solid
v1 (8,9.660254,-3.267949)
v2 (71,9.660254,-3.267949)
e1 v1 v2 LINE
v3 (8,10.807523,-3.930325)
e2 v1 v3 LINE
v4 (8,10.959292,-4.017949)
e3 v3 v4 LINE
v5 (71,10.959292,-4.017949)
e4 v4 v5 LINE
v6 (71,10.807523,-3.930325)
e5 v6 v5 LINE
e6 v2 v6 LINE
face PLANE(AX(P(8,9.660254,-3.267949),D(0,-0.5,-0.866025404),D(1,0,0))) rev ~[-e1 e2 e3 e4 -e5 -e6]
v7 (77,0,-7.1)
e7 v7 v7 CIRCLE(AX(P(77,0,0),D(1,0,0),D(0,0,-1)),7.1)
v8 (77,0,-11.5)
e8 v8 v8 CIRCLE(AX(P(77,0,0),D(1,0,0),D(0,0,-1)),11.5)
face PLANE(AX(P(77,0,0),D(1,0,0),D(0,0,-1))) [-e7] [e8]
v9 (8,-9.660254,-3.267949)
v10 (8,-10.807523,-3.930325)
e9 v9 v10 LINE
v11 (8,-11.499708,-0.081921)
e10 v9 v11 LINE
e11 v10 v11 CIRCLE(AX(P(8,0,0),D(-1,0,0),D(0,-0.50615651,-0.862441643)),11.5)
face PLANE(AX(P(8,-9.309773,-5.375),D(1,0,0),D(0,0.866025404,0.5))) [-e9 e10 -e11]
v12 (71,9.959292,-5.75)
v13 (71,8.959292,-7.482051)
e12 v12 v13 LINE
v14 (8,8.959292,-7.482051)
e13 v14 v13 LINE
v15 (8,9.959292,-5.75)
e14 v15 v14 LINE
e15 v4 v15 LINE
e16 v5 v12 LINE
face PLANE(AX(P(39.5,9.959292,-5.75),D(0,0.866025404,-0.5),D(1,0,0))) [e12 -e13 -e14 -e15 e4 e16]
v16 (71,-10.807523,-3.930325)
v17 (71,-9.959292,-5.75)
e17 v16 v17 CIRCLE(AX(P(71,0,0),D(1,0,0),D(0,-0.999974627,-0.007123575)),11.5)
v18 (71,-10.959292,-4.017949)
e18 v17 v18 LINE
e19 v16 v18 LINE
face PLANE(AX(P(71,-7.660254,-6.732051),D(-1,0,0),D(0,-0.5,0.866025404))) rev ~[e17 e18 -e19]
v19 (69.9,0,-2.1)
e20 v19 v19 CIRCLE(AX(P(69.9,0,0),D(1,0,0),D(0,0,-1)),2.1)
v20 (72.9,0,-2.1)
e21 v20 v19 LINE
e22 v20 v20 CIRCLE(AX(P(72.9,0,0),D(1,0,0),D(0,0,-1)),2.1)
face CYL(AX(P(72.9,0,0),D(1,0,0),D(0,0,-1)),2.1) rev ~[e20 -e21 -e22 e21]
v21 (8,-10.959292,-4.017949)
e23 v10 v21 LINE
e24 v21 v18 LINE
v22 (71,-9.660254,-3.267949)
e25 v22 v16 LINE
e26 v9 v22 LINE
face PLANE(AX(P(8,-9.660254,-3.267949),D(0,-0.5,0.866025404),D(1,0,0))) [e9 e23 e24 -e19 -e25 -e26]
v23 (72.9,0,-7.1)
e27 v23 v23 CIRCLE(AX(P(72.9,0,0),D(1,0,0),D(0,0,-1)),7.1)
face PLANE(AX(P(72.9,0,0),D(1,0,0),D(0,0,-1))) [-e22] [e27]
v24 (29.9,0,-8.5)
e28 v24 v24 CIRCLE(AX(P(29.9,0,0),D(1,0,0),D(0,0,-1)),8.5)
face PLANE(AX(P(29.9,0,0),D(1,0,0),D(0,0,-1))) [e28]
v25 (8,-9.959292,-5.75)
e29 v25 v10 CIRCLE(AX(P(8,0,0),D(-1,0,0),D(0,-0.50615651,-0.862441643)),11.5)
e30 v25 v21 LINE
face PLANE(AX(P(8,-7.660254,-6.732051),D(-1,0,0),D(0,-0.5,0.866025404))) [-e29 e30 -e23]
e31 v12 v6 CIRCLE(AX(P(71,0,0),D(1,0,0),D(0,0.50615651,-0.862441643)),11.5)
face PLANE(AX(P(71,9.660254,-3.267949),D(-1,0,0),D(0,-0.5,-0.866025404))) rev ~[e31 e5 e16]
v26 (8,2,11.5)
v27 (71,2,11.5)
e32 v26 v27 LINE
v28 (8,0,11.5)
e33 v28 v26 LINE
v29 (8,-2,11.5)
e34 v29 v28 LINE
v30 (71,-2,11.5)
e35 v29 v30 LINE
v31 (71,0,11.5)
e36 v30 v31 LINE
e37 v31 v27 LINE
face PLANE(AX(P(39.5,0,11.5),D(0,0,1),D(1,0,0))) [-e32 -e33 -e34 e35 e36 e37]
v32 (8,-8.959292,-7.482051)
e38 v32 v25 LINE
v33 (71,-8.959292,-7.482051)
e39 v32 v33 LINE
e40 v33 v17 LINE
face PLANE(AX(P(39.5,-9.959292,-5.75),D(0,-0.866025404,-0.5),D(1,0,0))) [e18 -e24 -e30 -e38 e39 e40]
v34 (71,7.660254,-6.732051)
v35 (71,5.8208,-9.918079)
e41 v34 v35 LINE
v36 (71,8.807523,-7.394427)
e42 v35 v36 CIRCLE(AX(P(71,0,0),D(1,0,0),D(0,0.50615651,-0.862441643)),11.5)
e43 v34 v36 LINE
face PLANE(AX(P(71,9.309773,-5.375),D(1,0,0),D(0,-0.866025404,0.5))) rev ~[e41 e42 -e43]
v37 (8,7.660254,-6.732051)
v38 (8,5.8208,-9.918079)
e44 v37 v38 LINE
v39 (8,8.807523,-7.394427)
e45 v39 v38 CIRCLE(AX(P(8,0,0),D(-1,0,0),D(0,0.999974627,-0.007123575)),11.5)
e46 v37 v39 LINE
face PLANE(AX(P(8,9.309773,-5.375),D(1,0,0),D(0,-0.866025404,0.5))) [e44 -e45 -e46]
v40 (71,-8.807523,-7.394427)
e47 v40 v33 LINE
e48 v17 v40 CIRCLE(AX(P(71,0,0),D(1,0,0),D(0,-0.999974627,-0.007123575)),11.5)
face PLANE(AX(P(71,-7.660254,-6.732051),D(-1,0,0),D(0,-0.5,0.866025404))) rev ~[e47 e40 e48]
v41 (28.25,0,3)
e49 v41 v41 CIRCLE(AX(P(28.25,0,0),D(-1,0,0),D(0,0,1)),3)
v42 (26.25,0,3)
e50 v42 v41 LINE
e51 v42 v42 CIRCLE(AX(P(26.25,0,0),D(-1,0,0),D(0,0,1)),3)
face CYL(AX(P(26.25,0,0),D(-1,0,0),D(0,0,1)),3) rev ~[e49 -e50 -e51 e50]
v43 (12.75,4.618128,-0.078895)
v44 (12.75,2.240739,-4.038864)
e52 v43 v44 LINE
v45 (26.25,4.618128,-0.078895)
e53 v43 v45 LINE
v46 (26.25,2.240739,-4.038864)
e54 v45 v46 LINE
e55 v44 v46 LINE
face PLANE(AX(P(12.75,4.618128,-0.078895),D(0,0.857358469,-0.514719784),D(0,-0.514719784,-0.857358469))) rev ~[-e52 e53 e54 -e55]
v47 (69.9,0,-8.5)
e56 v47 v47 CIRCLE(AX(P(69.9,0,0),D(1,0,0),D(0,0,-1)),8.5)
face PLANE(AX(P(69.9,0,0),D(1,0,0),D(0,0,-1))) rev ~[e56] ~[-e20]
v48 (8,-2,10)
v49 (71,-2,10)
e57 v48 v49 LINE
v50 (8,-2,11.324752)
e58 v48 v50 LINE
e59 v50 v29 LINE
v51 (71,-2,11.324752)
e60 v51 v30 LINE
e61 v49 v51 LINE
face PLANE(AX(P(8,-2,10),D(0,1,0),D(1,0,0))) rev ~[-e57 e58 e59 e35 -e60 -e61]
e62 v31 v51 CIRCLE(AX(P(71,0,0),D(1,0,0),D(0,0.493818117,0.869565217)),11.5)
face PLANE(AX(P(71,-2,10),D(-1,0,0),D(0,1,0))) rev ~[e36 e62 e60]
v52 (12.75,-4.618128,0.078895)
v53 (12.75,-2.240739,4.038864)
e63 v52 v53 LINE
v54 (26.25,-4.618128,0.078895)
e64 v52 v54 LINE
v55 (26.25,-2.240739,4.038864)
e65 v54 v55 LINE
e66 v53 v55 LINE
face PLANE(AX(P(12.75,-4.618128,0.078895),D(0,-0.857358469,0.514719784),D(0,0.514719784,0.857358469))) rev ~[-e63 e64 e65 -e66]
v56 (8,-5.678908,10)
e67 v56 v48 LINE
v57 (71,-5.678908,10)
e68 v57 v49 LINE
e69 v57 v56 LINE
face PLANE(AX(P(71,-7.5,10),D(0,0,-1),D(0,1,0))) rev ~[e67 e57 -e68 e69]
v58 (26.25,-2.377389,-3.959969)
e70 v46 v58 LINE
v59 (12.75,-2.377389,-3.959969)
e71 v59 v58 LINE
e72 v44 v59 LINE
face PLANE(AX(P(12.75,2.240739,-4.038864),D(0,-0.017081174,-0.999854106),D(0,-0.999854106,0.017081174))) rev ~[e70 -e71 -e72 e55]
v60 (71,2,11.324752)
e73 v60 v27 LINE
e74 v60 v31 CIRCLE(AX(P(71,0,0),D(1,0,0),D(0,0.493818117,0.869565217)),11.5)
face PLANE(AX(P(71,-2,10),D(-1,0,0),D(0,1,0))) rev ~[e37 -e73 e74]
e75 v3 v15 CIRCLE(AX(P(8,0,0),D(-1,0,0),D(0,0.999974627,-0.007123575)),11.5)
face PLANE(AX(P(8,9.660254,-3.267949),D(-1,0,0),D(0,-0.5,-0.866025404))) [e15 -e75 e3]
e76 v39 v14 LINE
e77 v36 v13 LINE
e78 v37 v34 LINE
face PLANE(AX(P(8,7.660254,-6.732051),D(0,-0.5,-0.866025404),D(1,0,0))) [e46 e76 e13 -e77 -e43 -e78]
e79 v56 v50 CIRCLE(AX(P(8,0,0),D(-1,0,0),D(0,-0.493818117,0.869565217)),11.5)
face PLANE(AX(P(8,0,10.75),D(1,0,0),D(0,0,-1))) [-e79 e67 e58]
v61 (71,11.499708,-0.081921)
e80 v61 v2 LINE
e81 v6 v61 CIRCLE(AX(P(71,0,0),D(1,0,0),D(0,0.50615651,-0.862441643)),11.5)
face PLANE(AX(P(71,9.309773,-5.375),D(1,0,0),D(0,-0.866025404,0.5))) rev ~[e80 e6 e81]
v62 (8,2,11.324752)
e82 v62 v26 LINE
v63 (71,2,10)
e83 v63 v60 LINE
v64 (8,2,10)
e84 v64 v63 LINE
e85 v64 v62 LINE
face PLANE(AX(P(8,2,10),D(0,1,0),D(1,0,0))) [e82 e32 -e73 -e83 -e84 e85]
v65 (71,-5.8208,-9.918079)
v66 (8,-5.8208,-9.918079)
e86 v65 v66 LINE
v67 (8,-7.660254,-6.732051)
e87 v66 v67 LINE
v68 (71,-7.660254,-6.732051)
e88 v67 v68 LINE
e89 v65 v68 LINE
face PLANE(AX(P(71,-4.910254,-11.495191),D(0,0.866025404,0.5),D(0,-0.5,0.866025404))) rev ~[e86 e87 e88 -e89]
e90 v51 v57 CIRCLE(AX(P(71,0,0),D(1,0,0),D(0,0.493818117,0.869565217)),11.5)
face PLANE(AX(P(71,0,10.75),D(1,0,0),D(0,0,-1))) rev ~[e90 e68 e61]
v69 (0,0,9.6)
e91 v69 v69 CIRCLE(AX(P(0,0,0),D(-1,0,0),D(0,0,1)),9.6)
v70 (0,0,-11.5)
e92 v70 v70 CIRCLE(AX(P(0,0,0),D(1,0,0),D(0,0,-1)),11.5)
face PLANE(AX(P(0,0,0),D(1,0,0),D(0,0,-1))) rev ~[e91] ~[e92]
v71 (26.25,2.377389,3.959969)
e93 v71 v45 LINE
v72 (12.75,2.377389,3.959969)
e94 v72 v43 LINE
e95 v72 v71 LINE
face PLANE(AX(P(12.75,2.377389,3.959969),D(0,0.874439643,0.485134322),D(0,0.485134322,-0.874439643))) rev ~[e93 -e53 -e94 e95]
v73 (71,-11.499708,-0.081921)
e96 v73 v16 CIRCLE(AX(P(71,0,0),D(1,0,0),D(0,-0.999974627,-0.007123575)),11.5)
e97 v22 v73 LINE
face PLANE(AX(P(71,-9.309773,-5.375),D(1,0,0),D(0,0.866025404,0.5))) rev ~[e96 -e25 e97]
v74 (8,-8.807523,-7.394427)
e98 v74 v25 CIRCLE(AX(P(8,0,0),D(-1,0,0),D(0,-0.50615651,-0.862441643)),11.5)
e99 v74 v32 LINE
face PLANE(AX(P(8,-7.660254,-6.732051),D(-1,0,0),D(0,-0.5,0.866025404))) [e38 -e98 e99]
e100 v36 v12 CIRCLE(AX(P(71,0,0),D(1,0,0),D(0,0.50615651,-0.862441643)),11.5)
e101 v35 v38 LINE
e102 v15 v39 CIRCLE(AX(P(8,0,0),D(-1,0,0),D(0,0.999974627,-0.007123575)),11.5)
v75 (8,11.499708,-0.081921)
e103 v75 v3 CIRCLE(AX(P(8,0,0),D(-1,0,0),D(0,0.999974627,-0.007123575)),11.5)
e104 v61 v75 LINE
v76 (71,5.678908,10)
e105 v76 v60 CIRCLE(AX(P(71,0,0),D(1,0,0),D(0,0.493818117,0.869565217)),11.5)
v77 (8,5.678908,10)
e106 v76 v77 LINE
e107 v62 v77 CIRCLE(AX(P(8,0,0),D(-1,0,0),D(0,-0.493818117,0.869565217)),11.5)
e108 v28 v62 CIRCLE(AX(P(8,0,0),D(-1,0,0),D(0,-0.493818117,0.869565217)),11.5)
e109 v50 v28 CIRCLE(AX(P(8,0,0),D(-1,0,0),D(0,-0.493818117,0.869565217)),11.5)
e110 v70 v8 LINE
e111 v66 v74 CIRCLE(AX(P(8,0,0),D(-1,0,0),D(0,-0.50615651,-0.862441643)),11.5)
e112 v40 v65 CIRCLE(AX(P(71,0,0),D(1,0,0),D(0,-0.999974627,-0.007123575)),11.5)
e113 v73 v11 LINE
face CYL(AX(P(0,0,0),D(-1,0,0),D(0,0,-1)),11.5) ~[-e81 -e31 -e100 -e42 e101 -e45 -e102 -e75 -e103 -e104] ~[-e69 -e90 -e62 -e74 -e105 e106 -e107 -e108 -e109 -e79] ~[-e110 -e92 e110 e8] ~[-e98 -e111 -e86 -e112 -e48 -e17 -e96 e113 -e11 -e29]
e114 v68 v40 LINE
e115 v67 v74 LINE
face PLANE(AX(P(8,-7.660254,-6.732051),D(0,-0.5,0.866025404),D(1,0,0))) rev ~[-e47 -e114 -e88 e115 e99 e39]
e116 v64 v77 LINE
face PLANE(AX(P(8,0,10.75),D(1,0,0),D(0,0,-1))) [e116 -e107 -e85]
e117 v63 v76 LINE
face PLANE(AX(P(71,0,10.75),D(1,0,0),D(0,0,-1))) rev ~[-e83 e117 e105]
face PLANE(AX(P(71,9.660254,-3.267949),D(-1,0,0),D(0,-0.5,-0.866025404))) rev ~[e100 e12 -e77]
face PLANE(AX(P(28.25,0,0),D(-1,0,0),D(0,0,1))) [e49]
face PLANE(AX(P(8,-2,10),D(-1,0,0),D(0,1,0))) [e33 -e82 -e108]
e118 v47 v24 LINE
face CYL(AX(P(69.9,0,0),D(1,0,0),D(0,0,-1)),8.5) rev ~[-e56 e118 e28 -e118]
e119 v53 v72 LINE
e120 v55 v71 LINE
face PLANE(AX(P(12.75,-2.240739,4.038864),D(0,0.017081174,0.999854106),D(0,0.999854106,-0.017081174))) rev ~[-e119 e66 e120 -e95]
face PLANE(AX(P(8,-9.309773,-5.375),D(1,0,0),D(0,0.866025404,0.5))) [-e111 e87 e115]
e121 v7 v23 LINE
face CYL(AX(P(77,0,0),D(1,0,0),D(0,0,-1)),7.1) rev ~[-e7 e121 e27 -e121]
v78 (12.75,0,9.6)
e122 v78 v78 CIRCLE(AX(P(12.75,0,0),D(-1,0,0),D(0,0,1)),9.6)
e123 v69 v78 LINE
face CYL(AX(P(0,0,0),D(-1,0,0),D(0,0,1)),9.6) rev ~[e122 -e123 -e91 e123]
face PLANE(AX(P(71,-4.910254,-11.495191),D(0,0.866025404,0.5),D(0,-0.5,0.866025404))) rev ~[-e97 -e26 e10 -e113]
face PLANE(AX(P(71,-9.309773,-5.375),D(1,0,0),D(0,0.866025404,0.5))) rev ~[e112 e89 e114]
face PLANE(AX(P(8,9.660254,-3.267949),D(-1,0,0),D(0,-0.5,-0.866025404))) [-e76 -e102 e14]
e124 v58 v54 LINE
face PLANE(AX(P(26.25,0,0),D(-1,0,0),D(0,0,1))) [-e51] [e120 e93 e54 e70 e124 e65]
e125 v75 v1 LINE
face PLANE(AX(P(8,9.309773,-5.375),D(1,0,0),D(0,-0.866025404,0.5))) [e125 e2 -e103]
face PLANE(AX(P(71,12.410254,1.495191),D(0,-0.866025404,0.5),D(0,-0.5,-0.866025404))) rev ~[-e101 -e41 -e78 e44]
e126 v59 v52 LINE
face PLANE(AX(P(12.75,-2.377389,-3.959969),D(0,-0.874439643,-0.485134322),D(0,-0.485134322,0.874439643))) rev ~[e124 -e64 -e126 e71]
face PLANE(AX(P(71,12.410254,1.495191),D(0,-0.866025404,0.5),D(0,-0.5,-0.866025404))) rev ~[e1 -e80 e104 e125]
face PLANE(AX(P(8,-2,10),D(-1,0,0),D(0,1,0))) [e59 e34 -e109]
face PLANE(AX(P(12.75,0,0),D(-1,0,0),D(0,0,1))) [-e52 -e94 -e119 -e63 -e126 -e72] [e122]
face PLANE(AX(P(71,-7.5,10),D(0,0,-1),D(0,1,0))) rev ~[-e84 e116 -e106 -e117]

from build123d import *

# Parameters (mm, degrees)
SKIZZE1_R                       = 11.5
AUFSATZ_LINEAR_AUSTRAGEN1_DEPTH = 77
SKIZZE2_R                       = 7.1
SCHNITT_LINEAR_AUSTRAGEN1_DEPTH = 4.1
SKIZZE3_R                       = 2.1
SCHNITT_LINEAR_AUSTRAGEN2_DEPTH = 3
SKIZZE4_R                       = 9.6
SCHNITT_LINEAR_AUSTRAGEN3_DEPTH = 12.75
SCHNITT_LINEAR_START            = -6
SKIZZE7_W                       = 1.5
SKIZZE7_H                       = 15
SCHNITT_LINEAR_AUSTRAGEN4_DEPTH = 63
SKIZZE8_W                       = 63
SKIZZE8_H                       = 4
AUFSATZ_LINEAR_AUSTRAGEN2_DEPTH = 1.5
SCHNITT_LINEAR_AUSTRAGEN6_DEPTH = 13.5
SKIZZE12_R                      = 3
SCHNITT_LINEAR_AUSTRAGEN7_DEPTH = 2
KREISMUSTER3_COUNT              = 3
SKIZZE13_R                      = 8.5
SCHNITT_LINEAR_AUSTRAGEN8_DEPTH = 40


with BuildPart() as part:
    # Skizze1 → Aufsatz-Linear austragen1 (new body)
    with BuildSketch(Plane(origin=(0, 0, 0), x_dir=(0, 0, -1), z_dir=(1, 0, 0))):
        Circle(SKIZZE1_R)
    extrude(amount=AUFSATZ_LINEAR_AUSTRAGEN1_DEPTH)

    # Skizze2 → Schnitt-Linear austragen1 (cut)
    with BuildSketch(Plane(origin=(77, 0, 0), x_dir=(0, 0, -1), z_dir=(1, 0, 0))):
        Circle(SKIZZE2_R)
    extrude(amount=-SCHNITT_LINEAR_AUSTRAGEN1_DEPTH, mode=Mode.SUBTRACT)

    # Skizze3 → Schnitt-Linear austragen2 (cut)
    with BuildSketch(Plane(origin=(72.9, 0, 0), x_dir=(0, 0, -1), z_dir=(1, 0, 0))):
        Circle(SKIZZE3_R)
    extrude(amount=-SCHNITT_LINEAR_AUSTRAGEN2_DEPTH, mode=Mode.SUBTRACT)

    # Skizze4 → Schnitt-Linear austragen3 (cut)
    with BuildSketch(Plane.ZY):
        Circle(SKIZZE4_R)
    extrude(amount=-SCHNITT_LINEAR_AUSTRAGEN3_DEPTH, mode=Mode.SUBTRACT)

    # Skizze7 → Schnitt-Linear austragen4 (cut)
    with BuildSketch(Plane(origin=(77, 0, 0), x_dir=(0, 0, -1), z_dir=(1, 0, 0)).offset(SCHNITT_LINEAR_START)):
        with Locations((-10.75, 0)):
            Rectangle(SKIZZE7_W, SKIZZE7_H)
    schnitt_linear_austragen4 = extrude(amount=-SCHNITT_LINEAR_AUSTRAGEN4_DEPTH, mode=Mode.SUBTRACT)

    # Skizze8 → Aufsatz-Linear austragen2 (add)
    with BuildSketch(Plane.XY.offset(10)):
        with Locations((39.5, 0)):
            Rectangle(SKIZZE8_W, SKIZZE8_H)
    aufsatz_linear_austragen2 = extrude(amount=AUFSATZ_LINEAR_AUSTRAGEN2_DEPTH)

    # Skizze10 → Schnitt-Linear austragen6 (cut)
    with BuildSketch(Plane.ZY.offset(-12.75)):
        Polygon((4.038863706, -2.240739453), (3.959969143, 2.377388845), (-0.078894563, 4.618128298), (-4.038863706, 2.240739453), (-3.959969143, -2.377388845), (0.078894563, -4.618128298), align=None)
    extrude(amount=-SCHNITT_LINEAR_AUSTRAGEN6_DEPTH, mode=Mode.SUBTRACT)

    # Skizze12 → Schnitt-Linear austragen7 (cut)
    with BuildSketch(Plane.ZY.offset(-26.25)):
        Circle(SKIZZE12_R)
    extrude(amount=-SCHNITT_LINEAR_AUSTRAGEN7_DEPTH, mode=Mode.SUBTRACT)

    # Kreismuster3: Schnitt-Linear austragen4, Aufsatz-Linear austragen2 ×3 about axis
    kreismuster3_axis = Axis((0, 0, 0), (1, 0, 0))
    add([schnitt_linear_austragen4.rotate(kreismuster3_axis, i * 360 / KREISMUSTER3_COUNT) for i in range(1, KREISMUSTER3_COUNT)], mode=Mode.SUBTRACT)
    add([aufsatz_linear_austragen2.rotate(kreismuster3_axis, i * 360 / KREISMUSTER3_COUNT) for i in range(1, KREISMUSTER3_COUNT)])

    # Skizze13 → Schnitt-Linear austragen8 (cut)
    with BuildSketch(Plane(origin=(69.9, 0, 0), x_dir=(0, 0, -1), z_dir=(1, 0, 0))):
        Circle(SKIZZE13_R)
    extrude(amount=-SCHNITT_LINEAR_AUSTRAGEN8_DEPTH, mode=Mode.SUBTRACT)


solid = part.part
